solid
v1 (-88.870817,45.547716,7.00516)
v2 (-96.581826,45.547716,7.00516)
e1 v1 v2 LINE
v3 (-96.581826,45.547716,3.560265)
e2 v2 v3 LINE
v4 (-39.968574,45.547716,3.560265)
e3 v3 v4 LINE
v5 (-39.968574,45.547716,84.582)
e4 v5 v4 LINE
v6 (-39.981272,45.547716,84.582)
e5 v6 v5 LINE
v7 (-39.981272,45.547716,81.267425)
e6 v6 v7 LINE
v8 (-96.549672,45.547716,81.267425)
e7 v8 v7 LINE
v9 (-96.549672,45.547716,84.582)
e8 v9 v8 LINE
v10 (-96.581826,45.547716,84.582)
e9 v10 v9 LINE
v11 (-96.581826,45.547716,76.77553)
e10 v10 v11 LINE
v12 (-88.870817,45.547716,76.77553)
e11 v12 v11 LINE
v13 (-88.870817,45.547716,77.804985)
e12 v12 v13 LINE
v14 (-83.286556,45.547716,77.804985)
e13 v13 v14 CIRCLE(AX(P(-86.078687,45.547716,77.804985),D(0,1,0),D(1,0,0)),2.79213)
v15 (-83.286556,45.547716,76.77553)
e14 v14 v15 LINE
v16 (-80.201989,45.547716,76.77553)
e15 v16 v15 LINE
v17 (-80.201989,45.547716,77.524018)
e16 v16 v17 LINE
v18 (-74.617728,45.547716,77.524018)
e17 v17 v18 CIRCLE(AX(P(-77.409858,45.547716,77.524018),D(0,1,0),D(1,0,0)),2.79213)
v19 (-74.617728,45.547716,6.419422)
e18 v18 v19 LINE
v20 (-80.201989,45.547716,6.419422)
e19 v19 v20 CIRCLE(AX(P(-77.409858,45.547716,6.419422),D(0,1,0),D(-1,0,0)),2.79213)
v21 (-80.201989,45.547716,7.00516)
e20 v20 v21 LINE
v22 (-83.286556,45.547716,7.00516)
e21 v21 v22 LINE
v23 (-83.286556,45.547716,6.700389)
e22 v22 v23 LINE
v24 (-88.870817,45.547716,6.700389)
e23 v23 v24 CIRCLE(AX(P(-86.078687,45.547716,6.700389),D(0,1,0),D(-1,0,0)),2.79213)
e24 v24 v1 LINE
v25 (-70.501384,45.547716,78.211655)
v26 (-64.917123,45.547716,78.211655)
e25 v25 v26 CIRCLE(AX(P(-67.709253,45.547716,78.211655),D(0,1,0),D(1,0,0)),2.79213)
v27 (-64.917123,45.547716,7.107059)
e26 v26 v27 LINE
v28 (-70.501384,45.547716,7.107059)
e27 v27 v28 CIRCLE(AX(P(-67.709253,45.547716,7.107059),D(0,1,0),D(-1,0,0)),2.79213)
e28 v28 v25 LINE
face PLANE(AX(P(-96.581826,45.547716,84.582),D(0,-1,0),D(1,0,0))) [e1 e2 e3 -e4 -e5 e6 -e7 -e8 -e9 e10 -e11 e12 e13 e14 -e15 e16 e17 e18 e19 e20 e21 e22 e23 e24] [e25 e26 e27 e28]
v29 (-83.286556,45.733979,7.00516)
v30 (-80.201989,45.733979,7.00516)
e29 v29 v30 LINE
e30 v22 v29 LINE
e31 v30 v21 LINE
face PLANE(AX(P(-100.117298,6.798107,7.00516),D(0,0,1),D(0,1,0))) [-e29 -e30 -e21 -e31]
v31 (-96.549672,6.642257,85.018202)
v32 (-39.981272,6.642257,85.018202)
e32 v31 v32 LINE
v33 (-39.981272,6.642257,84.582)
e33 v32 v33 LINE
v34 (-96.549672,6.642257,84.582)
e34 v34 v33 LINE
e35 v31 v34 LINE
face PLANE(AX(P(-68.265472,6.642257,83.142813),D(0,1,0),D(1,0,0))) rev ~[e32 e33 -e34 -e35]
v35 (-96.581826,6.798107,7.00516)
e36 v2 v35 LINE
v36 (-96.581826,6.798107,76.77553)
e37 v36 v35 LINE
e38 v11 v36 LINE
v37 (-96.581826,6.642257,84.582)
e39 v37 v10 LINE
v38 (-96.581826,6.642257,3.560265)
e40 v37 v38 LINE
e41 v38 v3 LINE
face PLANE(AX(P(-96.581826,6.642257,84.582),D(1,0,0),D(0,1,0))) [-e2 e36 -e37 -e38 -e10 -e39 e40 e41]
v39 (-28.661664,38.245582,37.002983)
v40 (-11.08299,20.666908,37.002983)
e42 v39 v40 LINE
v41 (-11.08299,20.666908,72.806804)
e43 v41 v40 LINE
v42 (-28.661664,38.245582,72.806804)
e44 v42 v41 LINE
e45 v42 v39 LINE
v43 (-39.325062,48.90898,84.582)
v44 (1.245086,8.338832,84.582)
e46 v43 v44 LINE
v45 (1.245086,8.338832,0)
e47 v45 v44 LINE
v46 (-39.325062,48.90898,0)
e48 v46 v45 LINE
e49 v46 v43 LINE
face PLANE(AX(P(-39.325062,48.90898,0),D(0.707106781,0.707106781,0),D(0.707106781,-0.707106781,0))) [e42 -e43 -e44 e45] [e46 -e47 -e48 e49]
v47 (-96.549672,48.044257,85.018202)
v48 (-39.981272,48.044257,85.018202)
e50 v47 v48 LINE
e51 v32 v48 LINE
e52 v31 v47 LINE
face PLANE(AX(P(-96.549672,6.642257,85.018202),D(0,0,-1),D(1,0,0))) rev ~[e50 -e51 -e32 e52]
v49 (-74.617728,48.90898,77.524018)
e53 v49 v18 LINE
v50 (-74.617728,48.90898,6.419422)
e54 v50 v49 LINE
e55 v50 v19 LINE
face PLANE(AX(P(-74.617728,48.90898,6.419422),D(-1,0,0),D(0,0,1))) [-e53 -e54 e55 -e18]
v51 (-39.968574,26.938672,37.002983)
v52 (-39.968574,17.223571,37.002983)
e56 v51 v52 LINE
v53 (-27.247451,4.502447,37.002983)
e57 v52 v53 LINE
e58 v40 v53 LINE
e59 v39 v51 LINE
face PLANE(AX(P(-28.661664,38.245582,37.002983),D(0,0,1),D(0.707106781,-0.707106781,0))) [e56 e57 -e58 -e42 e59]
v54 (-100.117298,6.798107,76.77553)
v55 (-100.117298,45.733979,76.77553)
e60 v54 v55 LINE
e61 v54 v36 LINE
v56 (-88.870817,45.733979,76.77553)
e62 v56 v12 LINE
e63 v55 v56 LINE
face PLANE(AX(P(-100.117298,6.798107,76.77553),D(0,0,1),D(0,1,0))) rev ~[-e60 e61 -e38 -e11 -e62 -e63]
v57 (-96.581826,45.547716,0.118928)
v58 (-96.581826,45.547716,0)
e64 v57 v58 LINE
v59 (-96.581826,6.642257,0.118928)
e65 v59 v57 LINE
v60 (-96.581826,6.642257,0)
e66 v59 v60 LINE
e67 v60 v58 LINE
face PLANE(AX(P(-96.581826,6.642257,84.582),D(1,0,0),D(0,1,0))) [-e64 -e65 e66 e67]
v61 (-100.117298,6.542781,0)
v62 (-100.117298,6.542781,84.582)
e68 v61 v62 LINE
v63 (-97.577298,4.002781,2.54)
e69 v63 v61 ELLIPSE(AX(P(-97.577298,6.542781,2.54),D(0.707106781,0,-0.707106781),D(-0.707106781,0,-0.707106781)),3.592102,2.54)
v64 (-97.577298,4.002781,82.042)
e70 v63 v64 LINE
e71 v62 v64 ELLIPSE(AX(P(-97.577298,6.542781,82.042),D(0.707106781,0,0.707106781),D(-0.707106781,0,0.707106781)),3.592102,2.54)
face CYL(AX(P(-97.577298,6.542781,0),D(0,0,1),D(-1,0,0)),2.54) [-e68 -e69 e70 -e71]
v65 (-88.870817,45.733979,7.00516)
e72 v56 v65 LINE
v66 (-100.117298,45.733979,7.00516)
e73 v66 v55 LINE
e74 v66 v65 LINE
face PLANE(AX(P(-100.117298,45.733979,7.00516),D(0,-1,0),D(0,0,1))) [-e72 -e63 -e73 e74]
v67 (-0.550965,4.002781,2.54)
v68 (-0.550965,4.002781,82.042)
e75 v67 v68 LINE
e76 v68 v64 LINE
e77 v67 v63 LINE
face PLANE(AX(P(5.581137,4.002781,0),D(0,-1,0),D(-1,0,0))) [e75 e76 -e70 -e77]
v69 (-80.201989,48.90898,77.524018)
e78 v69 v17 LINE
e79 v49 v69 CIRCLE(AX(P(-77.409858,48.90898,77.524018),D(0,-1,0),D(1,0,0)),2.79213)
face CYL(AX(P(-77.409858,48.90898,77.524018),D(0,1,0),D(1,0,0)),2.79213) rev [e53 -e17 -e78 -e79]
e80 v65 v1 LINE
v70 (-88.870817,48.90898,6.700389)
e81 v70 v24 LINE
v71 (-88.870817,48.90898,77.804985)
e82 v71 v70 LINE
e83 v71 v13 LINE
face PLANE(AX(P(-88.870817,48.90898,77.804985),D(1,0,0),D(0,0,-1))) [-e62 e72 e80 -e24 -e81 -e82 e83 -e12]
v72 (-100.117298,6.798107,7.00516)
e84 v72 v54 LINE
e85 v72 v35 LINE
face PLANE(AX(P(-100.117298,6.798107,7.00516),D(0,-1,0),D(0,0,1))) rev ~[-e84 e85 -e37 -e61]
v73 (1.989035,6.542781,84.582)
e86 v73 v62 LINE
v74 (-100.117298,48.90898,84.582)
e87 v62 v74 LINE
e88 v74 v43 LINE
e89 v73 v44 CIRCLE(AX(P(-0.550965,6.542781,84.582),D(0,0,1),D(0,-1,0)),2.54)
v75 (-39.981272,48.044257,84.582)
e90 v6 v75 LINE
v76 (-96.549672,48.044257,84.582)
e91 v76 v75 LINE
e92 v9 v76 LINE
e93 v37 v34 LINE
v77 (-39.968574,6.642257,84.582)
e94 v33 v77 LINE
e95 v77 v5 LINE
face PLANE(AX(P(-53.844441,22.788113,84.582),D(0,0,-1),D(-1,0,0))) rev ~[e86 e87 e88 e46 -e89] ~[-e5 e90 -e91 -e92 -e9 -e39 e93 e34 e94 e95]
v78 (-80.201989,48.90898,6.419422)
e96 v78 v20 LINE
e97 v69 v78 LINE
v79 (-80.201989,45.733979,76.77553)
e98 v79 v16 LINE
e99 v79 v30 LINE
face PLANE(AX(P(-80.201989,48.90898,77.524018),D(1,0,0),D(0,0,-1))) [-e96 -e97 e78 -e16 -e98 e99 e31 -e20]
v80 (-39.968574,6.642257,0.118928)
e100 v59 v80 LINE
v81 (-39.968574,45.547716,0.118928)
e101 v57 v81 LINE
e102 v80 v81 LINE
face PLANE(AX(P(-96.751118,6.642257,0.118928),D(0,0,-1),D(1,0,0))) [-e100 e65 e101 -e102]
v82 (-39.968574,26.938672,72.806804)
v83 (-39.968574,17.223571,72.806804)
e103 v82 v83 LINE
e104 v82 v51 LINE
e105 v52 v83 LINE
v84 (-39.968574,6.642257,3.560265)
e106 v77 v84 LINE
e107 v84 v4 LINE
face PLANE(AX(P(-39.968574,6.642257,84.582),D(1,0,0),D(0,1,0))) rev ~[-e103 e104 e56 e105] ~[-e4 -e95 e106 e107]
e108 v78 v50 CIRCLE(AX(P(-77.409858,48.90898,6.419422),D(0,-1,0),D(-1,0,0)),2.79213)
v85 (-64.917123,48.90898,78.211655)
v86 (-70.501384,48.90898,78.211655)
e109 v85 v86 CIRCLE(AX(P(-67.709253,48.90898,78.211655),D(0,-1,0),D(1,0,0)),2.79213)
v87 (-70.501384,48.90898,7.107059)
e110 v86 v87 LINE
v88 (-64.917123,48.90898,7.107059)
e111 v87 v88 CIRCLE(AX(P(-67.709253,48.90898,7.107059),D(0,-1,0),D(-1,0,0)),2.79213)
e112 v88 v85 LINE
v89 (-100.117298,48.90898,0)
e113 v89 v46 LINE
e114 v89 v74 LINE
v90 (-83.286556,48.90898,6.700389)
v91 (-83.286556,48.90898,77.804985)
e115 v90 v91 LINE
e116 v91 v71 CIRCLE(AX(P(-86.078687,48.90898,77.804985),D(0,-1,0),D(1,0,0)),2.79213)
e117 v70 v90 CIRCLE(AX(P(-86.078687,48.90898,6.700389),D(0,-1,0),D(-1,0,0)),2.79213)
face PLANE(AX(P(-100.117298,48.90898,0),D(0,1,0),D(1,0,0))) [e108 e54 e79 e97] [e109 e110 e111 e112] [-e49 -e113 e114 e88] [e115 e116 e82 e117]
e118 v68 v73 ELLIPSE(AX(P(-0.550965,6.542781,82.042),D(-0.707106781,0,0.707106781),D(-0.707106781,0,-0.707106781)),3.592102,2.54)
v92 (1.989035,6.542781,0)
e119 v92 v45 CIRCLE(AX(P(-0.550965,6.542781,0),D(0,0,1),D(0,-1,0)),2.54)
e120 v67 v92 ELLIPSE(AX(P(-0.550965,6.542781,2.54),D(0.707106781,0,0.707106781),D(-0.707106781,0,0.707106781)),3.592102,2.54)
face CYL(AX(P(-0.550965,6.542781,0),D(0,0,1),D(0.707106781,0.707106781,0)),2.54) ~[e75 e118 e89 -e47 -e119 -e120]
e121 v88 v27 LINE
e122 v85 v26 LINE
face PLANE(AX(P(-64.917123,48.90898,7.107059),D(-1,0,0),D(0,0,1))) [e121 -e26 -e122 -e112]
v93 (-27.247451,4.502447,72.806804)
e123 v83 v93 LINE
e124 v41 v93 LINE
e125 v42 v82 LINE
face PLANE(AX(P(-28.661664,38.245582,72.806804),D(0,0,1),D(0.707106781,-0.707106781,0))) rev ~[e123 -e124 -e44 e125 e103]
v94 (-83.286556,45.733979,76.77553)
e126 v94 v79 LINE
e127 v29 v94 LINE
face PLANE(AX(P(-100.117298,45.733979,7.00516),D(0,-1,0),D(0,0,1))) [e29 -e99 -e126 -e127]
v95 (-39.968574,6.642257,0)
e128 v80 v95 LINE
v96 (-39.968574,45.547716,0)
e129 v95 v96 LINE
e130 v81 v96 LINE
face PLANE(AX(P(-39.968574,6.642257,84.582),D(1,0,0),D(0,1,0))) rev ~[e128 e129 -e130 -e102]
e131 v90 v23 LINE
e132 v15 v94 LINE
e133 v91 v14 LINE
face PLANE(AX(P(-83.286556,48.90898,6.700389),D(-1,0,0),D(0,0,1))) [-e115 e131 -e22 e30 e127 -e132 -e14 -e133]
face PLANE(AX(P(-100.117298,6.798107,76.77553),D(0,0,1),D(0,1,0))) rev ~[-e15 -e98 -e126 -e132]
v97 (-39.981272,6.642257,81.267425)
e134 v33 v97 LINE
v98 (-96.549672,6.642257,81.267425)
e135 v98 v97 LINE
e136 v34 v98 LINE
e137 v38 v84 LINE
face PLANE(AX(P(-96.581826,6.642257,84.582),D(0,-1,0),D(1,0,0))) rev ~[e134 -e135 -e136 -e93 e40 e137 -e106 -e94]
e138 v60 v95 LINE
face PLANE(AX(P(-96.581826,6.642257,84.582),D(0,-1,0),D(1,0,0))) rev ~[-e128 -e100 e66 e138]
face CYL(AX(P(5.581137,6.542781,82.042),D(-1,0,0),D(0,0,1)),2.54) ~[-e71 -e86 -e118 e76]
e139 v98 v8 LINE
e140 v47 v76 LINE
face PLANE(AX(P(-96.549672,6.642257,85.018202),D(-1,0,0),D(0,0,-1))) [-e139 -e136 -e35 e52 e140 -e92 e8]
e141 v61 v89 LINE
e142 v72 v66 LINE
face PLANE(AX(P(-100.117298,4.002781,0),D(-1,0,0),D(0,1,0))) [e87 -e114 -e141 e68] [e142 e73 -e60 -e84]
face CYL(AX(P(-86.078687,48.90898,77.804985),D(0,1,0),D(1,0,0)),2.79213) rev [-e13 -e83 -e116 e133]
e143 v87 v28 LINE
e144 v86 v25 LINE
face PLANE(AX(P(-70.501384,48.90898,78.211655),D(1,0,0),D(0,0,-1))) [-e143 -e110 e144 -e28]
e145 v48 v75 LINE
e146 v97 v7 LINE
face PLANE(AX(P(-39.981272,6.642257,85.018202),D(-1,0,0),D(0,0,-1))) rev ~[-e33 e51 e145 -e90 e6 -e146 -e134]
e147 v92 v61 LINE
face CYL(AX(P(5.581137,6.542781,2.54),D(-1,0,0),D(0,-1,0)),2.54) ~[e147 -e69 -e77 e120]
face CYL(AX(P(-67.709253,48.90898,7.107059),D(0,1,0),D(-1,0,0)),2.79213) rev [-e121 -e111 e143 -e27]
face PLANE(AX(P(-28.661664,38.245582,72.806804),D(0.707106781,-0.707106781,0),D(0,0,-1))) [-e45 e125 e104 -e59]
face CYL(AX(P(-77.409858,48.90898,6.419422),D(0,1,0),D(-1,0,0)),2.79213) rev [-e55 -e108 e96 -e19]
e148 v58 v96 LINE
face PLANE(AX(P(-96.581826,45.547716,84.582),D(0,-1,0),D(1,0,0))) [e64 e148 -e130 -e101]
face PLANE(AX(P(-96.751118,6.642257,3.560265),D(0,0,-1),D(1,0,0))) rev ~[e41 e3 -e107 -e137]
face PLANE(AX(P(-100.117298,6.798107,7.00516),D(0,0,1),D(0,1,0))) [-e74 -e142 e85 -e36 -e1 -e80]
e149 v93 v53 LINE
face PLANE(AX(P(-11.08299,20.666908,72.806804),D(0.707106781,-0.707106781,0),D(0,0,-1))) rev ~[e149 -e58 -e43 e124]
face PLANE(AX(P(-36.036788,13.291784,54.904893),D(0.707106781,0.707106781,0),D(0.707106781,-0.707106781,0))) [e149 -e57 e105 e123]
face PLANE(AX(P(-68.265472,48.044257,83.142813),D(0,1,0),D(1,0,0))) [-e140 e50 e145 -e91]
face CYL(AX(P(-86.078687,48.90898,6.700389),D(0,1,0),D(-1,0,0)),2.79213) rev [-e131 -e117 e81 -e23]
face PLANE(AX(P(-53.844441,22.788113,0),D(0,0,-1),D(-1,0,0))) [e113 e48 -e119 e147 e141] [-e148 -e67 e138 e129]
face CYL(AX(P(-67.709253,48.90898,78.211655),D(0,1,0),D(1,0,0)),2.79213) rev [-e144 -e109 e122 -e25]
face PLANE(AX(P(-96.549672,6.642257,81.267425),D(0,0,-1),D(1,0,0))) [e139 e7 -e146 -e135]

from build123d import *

# Parameters (mm, degrees)
Y_KSEKLIK_EKSTR_ZYON1_DEPTH = 84.582
IZIM2_W                     = 56.613252044
IZIM2_H                     = 38.905458561
KES_EKSTR_ZYON1_DEPTH       = 84.582
IZIM3_W                     = 24.859999106
IZIM3_H                     = 35.80382045
KES_EKSTR_ZYON2_DEPTH       = 22.86
IZIM4_W                     = 56.56840029
IZIM4_H                     = 3.7507773
Y_KSEKLIK_EKSTR_ZYON3_DEPTH = 41.402
IZIM5_W                     = 56.873307594
IZIM5_H                     = 3.441337166
Y_KSEKLIK_EKSTR_ZYON4_DEPTH = 41.402
KES_EKSTR_ZYON3_DEPTH       = 20.828
IZIM7_W                     = 69.770370065
IZIM7_H                     = 38.93587287
KES_EKSTR_ZYON4_DEPTH       = 20.828
RADYUS1_R                   = 2.54


with BuildPart() as part:
    # Çizim1 → Yükseklik-Ekstrüzyon1 (new body)
    with BuildSketch(Plane.XY):
        Polygon((-100.117298217, 48.908980301), (-39.325061833, 48.908980301), (5.581137472, 4.002780997), (-100.117298217, 4.002780997), align=None)
    extrude(amount=Y_KSEKLIK_EKSTR_ZYON1_DEPTH)

    # Çizim2 → Kes-Ekstrüzyon1 (cut)
    with BuildSketch(Plane.XY.offset(84.582)):
        with Locations((-68.275200444, 26.094986488)):
            Rectangle(IZIM2_W, IZIM2_H)
    extrude(amount=-KES_EKSTR_ZYON1_DEPTH, mode=Mode.SUBTRACT)

    # Çizim3 → Kes-Ekstrüzyon2 (cut)
    with BuildSketch(Plane(origin=(4.791959234, 4.791959234, 0), x_dir=(0.7071067811865521, -0.7071067811865429, 0), z_dir=(0.7071067811865429, 0.7071067811865521, 0))):
        with Locations((-34.88056776, -54.904893427)):
            Rectangle(IZIM3_W, IZIM3_H)
    extrude(amount=-KES_EKSTR_ZYON2_DEPTH, mode=Mode.SUBTRACT)

    # Çizim4 → Yükseklik-Ekstrüzyon3 (add)
    with BuildSketch(Plane(origin=(0, 6.642257207, 0.5213718), x_dir=(1, 0, 0), z_dir=(0, 1, 0))):
        with Locations((-68.26547223, -82.621441536)):
            Rectangle(IZIM4_W, IZIM4_H)
    extrude(amount=Y_KSEKLIK_EKSTR_ZYON3_DEPTH)

    # Çizim5 → Yükseklik-Ekstrüzyon4 (add)
    with BuildSketch(Plane(origin=(0, 6.642257207, 0), x_dir=(1, 0, 0), z_dir=(0, 1, 0))):
        with Locations((-68.314463999, -1.839596634)):
            Rectangle(IZIM5_W, IZIM5_H)
    extrude(amount=Y_KSEKLIK_EKSTR_ZYON4_DEPTH)

    # Çizim6 → Kes-Ekstrüzyon3 (cut)
    with BuildSketch(Plane(origin=(0, 48.908980301, 0), x_dir=(1, 0, 0), z_dir=(0, 1, 0))):
        with BuildLine():
            Line((-88.870816985, -77.80498522), (-88.870816985, -6.700388759))
            ThreePointArc((-88.870816985, -6.700388759), (-86.078686723, -3.908258497), (-83.286556461, -6.700388759))
            Line((-83.286556461, -6.700388759), (-83.286556461, -77.80498522))
            ThreePointArc((-83.286556461, -77.80498522), (-86.078686723, -80.597115482), (-88.870816985, -77.80498522))
        make_face()
        with BuildLine():
            Line((-80.201988502, -77.524018239), (-80.201988502, -6.419421778))
            ThreePointArc((-80.201988502, -6.419421778), (-77.40985824, -3.627291516), (-74.617727978, -6.419421778))
            Line((-74.617727978, -6.419421778), (-74.617727978, -77.524018239))
            ThreePointArc((-74.617727978, -77.524018239), (-77.40985824, -80.316148501), (-80.201988502, -77.524018239))
        make_face()
        with BuildLine():
            Line((-70.501383696, -78.211655362), (-70.501383696, -7.107058901))
            ThreePointArc((-70.501383696, -7.107058901), (-67.709253434, -4.314928639), (-64.917123172, -7.107058901))
            Line((-64.917123172, -7.107058901), (-64.917123172, -78.211655362))
            ThreePointArc((-64.917123172, -78.211655362), (-67.709253434, -81.003785624), (-70.501383696, -78.211655362))
        make_face()
    extrude(amount=-KES_EKSTR_ZYON3_DEPTH, mode=Mode.SUBTRACT)

    # Çizim7 → Kes-Ekstrüzyon4 (cut)
    with BuildSketch(Plane.ZY.offset(100.117298217)):
        with Locations((41.890344752, 26.266043038)):
            Rectangle(IZIM7_W, IZIM7_H)
    extrude(amount=-KES_EKSTR_ZYON4_DEPTH, mode=Mode.SUBTRACT)

    # Radyus1
    radyus1_edges = [part.edges().sort_by_distance(p)[0] for p in [
        (-47.268080373, 4.002780997, 0),
        (-47.268080373, 4.002780997, 84.582),
        (5.581137472, 4.002780997, 42.291),
        (-100.117298217, 4.002780997, 42.291),
    ]]
    fillet(radyus1_edges, radius=RADYUS1_R)


solid = part.part
